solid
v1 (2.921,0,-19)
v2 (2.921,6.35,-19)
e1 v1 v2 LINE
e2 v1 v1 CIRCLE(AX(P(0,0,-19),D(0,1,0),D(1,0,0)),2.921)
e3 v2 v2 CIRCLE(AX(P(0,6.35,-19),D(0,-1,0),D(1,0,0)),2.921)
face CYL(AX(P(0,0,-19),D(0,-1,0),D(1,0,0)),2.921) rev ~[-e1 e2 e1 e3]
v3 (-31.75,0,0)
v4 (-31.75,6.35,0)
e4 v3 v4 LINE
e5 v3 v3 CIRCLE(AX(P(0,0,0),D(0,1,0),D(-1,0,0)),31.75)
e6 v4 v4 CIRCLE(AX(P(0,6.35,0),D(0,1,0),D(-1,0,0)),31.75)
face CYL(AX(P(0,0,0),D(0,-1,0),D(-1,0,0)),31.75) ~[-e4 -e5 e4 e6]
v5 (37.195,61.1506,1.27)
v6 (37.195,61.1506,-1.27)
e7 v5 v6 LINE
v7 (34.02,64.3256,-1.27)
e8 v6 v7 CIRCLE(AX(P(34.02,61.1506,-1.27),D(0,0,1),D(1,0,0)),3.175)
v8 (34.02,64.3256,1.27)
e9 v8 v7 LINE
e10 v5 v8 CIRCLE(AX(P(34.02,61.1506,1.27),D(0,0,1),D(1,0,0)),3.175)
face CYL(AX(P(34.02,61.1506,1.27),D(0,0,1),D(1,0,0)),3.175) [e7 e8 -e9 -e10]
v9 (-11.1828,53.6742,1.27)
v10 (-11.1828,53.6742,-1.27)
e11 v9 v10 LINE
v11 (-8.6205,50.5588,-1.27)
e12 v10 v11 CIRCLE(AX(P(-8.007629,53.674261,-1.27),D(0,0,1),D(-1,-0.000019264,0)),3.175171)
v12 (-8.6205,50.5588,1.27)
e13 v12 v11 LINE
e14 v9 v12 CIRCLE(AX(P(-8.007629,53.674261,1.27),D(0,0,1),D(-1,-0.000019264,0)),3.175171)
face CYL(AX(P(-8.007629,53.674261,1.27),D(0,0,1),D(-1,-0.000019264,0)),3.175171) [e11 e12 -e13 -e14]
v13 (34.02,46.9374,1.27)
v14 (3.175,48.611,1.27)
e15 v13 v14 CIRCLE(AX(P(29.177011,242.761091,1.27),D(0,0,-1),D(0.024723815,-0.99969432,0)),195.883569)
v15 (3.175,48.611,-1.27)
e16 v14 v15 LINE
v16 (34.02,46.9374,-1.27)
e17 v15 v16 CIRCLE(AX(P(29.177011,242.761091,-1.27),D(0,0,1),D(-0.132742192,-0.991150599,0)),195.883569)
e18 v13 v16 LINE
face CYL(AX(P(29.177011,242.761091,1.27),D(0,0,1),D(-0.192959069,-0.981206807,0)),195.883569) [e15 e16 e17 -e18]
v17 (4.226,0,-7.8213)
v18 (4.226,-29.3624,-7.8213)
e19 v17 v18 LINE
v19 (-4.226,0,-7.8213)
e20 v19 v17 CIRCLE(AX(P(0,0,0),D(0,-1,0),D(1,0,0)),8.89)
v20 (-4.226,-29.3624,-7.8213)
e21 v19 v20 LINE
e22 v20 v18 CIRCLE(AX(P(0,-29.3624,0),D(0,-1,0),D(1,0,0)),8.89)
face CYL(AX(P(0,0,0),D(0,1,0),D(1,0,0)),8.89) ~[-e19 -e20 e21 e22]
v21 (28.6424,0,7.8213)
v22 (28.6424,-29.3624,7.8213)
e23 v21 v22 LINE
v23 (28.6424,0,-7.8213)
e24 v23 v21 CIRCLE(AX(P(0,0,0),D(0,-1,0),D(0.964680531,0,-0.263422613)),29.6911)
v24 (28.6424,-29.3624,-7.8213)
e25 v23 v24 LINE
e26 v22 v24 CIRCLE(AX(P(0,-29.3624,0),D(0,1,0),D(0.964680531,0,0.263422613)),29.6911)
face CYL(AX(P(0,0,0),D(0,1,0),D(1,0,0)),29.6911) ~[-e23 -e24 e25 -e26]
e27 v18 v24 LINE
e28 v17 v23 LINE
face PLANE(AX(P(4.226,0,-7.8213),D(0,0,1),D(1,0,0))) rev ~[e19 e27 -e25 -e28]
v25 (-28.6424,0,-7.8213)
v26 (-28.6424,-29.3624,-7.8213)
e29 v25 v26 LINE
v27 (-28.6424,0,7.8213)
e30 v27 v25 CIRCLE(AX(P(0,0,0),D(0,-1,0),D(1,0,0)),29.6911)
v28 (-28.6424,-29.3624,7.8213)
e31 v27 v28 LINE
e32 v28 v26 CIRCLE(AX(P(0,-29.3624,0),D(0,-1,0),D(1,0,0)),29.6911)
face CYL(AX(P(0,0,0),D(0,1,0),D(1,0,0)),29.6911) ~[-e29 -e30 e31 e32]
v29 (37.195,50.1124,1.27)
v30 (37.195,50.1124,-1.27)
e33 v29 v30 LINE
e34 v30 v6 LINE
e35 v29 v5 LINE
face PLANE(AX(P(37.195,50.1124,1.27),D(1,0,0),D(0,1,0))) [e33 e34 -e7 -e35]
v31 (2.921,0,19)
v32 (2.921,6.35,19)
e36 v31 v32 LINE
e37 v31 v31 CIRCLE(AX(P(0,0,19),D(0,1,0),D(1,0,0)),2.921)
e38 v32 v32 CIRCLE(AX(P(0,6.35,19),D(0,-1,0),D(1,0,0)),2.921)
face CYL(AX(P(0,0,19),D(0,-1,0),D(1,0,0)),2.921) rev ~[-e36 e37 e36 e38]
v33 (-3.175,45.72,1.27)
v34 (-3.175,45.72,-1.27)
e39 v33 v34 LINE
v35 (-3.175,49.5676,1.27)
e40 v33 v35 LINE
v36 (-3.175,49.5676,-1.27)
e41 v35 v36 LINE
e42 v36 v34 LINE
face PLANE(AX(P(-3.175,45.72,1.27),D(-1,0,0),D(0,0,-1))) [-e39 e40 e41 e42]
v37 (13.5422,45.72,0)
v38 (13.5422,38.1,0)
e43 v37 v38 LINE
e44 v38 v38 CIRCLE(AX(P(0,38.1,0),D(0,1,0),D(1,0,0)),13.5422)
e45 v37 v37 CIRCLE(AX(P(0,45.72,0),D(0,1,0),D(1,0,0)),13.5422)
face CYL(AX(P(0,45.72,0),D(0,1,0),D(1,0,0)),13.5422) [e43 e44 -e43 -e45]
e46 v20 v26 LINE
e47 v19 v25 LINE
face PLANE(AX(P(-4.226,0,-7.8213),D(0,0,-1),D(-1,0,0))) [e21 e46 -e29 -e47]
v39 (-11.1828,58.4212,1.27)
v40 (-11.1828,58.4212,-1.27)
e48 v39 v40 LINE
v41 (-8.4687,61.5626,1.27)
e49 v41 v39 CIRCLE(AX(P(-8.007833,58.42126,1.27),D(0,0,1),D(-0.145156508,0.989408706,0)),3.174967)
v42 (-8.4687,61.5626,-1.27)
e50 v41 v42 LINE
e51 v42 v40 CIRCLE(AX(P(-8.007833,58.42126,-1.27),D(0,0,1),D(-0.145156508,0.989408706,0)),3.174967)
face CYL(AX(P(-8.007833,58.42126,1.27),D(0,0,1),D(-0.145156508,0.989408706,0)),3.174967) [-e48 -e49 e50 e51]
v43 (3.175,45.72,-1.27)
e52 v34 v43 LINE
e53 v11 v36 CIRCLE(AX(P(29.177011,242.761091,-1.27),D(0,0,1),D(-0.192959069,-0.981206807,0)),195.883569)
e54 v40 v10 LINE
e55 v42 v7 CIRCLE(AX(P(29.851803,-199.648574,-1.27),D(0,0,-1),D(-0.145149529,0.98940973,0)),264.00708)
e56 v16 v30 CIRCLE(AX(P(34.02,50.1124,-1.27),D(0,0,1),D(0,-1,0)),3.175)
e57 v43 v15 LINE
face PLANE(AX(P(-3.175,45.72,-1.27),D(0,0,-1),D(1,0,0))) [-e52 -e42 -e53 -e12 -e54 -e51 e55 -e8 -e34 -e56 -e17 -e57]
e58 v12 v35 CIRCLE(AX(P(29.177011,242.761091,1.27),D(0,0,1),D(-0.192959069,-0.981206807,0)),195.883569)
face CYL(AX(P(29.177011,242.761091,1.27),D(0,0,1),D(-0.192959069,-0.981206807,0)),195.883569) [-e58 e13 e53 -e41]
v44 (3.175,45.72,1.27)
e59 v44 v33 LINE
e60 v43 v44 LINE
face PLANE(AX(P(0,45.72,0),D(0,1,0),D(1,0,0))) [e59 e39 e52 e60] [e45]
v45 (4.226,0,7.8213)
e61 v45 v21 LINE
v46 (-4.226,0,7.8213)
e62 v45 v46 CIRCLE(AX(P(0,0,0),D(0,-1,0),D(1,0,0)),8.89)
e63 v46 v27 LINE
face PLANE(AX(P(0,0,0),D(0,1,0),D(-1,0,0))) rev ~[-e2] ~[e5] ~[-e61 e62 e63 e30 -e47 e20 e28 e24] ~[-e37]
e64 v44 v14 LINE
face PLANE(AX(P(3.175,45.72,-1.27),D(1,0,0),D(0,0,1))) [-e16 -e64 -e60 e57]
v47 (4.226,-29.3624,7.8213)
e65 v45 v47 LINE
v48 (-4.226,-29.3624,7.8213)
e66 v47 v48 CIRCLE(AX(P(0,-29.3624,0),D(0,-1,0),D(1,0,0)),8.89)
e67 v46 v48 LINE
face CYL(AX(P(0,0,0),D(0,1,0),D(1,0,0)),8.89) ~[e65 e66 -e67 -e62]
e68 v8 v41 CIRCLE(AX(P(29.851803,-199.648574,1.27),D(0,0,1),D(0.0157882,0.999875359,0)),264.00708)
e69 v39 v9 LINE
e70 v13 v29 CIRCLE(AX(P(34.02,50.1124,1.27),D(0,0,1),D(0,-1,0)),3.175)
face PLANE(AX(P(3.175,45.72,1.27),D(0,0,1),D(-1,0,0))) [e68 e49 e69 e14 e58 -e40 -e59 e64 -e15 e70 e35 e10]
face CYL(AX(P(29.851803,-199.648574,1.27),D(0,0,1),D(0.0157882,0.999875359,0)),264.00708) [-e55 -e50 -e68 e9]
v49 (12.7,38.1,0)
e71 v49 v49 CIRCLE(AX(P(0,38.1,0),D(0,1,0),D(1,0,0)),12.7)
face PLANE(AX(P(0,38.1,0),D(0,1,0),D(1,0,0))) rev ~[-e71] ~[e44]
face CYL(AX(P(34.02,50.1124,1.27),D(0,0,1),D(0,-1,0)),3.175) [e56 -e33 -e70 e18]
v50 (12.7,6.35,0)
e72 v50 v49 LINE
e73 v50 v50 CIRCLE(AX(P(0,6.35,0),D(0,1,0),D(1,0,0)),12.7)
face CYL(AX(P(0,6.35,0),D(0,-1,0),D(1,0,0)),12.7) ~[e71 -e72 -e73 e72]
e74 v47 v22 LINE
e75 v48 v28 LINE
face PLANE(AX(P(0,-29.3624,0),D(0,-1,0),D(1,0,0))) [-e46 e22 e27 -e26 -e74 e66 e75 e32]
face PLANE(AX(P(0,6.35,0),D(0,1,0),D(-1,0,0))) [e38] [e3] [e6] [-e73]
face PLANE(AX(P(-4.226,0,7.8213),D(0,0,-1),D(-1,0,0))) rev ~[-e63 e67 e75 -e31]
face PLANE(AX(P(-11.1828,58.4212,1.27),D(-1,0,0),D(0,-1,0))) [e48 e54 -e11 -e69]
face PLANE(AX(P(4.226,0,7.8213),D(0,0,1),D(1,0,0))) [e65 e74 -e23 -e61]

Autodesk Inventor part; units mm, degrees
ref_plane "YZ Plane" through (0, 0, 0) normal (1, 0, 0) x (0, 1, 0)
ref_plane "XZ Plane" through (0, 0, 0) normal (0, 1, 0) x (-1, 0, 0)
ref_plane "XY Plane" through (0, 0, 0) normal (0, 0, 1) x (1, 0, 0)
sketch "Sketch1" plane through (0, 0, 0) normal (0, 1, 0) x (-1, 0, 0)
  circle A0 centre (0, 0) radius 31.75
  dimension "d0" = 63.5
extrude "Extrusion1" add sketch "Sketch1" along normal blind 6.35
sketch "Sketch3" plane through (0, 6.35, 0) normal (0, 1, 0) x (1, 0, 0)
  circle A0 centre (0, 0) radius 12.7
  dimension "d9" = 25.4
extrude "Extrusion3" add sketch "Sketch3" along normal blind 31.75
sketch "Sketch4" plane through (0, 38.1, 0) normal (0, 1, 0) x (1, 0, 0)
  circle A0 centre (0, 0) radius 14.9177
extrude "Extrusion4" add sketch "Sketch4" along normal blind 7.62
sketch "Sketch5" plane through (0, 45.72, 0) normal (0, 1, 0) x (1, 0, 0)
  line L0 (-3.175, 1.27) -> (3.175, 1.27)
  line L1 (3.175, 1.27) -> (3.175, -1.27)
  line L2 (3.175, -1.27) -> (-3.175, -1.27)
  line L3 (-3.175, -1.27) -> (-3.175, 1.27)
  line L4 (-3.175, 1.27) -> (3.175, -1.27) construction
  line L5 (3.175, 1.27) -> (-3.175, -1.27) construction
  point P0 (0, 0)
  dimension "d14" = 6.35
  dimension "d15" = 2.54
extrude "Extrusion5" add sketch "Sketch5" along normal blind 2.54
sketch "Sketch6" plane through (-3.175, 45.72, 1.27) normal (0, 0, 1) x (1, 0, 0)
  line L0 (-8.0078, 1.2174) -> (37.195, 1.2174)
  line L1 (40.37, 4.3924) -> (40.37, 15.4306)
  line L2 (37.195, 18.6056) -> (-8.0078, 18.6056)
  line L3 (-8.0078, 12.7012) -> (-8.0078, 7.9542)
  arc A0 (37.195, 1.2174) -> (40.37, 4.3924) centre (37.195, 4.3924) ccw
  arc A1 (40.37, 15.4306) -> (37.195, 18.6056) centre (37.195, 15.4306) ccw
  arc A2 (-5.4455, 4.8388) -> (37.195, 1.2174) centre (32.3527, 197.046) ccw
  arc A3 (37.195, 18.6056) -> (-5.2937, 15.8426) centre (33.0266, -245.3603) ccw
  arc A4 (-8.0078, 7.9542) -> (-5.4455, 4.8388) centre (-4.8328, 7.9542) ccw
  arc A5 (-5.2937, 15.8426) -> (-8.0078, 12.7012) centre (-4.8328, 12.7012) ccw
  line L4 (0, 2.54) -> (0, 3.8476)
  line L5 (6.35, 2.54) -> (0, 2.54) projected
  line L6 (6.35, 2.54) -> (6.35, 2.891)
  arc A6 (0, 3.8476) -> (6.35, 2.891) centre (32.3527, 197.046) ccw
  point P0 (3.175, -45.72)
  point P1 (-8.0078, 5.3605)
  point P2 (-8.0078, 15.43)
  dimension "d18" = 3.175
  dimension "d19" = 3.175
extrude "Extrusion6" add sketch "Sketch6" against normal blind 2.54
sketch "Sketch7" plane through (0, 45.72, 0) normal (0, 1, 0) x (1, 0, 0)
  circle A0 centre (0, 0) radius 13.5422
  circle A1 centre (0, 0) radius 14.9177
extrude "Extrusion7" cut sketch "Sketch7" against normal blind 25.4
sketch "Sketch8" plane through (0, 0, 0) normal (0, -1, 0) x (1, 0, 0)
  circle A0 centre (0, 0) radius 29.6911
  circle A1 centre (0, 0) radius 8.89
  line L0 (-4.226, 7.8213) -> (-28.6424, 7.8213)
  line L1 (4.226, 7.8213) -> (28.6424, 7.8213)
  line L2 (4.226, -7.8213) -> (28.6424, -7.8213)
  line L3 (-4.226, -7.8213) -> (-28.6424, -7.8213)
  arc A2 (-28.6424, 7.8213) -> (-28.6424, -7.8213) centre (0, 0) ccw
  arc A3 (28.6424, -7.8213) -> (28.6424, 7.8213) centre (0, 0) ccw
  dimension "d24" = 17.78
extrude "Extrusion8" add sketch "Sketch8" along normal blind 29.3624 contours A0 L2 A1 L1 | L0 A1 L3 A0 | A1
sketch "Sketch10" plane through (0, 0, 0) normal (0, -1, 0) x (1, 0, 0)
  circle A0 centre (0, 0) radius 31.75 projected
  line L0 (0, -31.75) -> (0, -19)
  line L1 (0, -19) -> (0, 31.75)
  line L2 (0, 31.75) -> (0, 19)
  circle A1 centre (0, 19) radius 2.921
  circle A2 centre (0, -19) radius 2.921
  dimension "d31" = 12.75
  dimension "d32" = 12.75
  dimension "d33" = 5.842
extrude "Extrusion9" cut sketch "Sketch10" against normal blind 25.4 contours A1 L1 | L1 A1 | A2 L1 L0 | L0 L1 A2
properties part number "masterswitch"
